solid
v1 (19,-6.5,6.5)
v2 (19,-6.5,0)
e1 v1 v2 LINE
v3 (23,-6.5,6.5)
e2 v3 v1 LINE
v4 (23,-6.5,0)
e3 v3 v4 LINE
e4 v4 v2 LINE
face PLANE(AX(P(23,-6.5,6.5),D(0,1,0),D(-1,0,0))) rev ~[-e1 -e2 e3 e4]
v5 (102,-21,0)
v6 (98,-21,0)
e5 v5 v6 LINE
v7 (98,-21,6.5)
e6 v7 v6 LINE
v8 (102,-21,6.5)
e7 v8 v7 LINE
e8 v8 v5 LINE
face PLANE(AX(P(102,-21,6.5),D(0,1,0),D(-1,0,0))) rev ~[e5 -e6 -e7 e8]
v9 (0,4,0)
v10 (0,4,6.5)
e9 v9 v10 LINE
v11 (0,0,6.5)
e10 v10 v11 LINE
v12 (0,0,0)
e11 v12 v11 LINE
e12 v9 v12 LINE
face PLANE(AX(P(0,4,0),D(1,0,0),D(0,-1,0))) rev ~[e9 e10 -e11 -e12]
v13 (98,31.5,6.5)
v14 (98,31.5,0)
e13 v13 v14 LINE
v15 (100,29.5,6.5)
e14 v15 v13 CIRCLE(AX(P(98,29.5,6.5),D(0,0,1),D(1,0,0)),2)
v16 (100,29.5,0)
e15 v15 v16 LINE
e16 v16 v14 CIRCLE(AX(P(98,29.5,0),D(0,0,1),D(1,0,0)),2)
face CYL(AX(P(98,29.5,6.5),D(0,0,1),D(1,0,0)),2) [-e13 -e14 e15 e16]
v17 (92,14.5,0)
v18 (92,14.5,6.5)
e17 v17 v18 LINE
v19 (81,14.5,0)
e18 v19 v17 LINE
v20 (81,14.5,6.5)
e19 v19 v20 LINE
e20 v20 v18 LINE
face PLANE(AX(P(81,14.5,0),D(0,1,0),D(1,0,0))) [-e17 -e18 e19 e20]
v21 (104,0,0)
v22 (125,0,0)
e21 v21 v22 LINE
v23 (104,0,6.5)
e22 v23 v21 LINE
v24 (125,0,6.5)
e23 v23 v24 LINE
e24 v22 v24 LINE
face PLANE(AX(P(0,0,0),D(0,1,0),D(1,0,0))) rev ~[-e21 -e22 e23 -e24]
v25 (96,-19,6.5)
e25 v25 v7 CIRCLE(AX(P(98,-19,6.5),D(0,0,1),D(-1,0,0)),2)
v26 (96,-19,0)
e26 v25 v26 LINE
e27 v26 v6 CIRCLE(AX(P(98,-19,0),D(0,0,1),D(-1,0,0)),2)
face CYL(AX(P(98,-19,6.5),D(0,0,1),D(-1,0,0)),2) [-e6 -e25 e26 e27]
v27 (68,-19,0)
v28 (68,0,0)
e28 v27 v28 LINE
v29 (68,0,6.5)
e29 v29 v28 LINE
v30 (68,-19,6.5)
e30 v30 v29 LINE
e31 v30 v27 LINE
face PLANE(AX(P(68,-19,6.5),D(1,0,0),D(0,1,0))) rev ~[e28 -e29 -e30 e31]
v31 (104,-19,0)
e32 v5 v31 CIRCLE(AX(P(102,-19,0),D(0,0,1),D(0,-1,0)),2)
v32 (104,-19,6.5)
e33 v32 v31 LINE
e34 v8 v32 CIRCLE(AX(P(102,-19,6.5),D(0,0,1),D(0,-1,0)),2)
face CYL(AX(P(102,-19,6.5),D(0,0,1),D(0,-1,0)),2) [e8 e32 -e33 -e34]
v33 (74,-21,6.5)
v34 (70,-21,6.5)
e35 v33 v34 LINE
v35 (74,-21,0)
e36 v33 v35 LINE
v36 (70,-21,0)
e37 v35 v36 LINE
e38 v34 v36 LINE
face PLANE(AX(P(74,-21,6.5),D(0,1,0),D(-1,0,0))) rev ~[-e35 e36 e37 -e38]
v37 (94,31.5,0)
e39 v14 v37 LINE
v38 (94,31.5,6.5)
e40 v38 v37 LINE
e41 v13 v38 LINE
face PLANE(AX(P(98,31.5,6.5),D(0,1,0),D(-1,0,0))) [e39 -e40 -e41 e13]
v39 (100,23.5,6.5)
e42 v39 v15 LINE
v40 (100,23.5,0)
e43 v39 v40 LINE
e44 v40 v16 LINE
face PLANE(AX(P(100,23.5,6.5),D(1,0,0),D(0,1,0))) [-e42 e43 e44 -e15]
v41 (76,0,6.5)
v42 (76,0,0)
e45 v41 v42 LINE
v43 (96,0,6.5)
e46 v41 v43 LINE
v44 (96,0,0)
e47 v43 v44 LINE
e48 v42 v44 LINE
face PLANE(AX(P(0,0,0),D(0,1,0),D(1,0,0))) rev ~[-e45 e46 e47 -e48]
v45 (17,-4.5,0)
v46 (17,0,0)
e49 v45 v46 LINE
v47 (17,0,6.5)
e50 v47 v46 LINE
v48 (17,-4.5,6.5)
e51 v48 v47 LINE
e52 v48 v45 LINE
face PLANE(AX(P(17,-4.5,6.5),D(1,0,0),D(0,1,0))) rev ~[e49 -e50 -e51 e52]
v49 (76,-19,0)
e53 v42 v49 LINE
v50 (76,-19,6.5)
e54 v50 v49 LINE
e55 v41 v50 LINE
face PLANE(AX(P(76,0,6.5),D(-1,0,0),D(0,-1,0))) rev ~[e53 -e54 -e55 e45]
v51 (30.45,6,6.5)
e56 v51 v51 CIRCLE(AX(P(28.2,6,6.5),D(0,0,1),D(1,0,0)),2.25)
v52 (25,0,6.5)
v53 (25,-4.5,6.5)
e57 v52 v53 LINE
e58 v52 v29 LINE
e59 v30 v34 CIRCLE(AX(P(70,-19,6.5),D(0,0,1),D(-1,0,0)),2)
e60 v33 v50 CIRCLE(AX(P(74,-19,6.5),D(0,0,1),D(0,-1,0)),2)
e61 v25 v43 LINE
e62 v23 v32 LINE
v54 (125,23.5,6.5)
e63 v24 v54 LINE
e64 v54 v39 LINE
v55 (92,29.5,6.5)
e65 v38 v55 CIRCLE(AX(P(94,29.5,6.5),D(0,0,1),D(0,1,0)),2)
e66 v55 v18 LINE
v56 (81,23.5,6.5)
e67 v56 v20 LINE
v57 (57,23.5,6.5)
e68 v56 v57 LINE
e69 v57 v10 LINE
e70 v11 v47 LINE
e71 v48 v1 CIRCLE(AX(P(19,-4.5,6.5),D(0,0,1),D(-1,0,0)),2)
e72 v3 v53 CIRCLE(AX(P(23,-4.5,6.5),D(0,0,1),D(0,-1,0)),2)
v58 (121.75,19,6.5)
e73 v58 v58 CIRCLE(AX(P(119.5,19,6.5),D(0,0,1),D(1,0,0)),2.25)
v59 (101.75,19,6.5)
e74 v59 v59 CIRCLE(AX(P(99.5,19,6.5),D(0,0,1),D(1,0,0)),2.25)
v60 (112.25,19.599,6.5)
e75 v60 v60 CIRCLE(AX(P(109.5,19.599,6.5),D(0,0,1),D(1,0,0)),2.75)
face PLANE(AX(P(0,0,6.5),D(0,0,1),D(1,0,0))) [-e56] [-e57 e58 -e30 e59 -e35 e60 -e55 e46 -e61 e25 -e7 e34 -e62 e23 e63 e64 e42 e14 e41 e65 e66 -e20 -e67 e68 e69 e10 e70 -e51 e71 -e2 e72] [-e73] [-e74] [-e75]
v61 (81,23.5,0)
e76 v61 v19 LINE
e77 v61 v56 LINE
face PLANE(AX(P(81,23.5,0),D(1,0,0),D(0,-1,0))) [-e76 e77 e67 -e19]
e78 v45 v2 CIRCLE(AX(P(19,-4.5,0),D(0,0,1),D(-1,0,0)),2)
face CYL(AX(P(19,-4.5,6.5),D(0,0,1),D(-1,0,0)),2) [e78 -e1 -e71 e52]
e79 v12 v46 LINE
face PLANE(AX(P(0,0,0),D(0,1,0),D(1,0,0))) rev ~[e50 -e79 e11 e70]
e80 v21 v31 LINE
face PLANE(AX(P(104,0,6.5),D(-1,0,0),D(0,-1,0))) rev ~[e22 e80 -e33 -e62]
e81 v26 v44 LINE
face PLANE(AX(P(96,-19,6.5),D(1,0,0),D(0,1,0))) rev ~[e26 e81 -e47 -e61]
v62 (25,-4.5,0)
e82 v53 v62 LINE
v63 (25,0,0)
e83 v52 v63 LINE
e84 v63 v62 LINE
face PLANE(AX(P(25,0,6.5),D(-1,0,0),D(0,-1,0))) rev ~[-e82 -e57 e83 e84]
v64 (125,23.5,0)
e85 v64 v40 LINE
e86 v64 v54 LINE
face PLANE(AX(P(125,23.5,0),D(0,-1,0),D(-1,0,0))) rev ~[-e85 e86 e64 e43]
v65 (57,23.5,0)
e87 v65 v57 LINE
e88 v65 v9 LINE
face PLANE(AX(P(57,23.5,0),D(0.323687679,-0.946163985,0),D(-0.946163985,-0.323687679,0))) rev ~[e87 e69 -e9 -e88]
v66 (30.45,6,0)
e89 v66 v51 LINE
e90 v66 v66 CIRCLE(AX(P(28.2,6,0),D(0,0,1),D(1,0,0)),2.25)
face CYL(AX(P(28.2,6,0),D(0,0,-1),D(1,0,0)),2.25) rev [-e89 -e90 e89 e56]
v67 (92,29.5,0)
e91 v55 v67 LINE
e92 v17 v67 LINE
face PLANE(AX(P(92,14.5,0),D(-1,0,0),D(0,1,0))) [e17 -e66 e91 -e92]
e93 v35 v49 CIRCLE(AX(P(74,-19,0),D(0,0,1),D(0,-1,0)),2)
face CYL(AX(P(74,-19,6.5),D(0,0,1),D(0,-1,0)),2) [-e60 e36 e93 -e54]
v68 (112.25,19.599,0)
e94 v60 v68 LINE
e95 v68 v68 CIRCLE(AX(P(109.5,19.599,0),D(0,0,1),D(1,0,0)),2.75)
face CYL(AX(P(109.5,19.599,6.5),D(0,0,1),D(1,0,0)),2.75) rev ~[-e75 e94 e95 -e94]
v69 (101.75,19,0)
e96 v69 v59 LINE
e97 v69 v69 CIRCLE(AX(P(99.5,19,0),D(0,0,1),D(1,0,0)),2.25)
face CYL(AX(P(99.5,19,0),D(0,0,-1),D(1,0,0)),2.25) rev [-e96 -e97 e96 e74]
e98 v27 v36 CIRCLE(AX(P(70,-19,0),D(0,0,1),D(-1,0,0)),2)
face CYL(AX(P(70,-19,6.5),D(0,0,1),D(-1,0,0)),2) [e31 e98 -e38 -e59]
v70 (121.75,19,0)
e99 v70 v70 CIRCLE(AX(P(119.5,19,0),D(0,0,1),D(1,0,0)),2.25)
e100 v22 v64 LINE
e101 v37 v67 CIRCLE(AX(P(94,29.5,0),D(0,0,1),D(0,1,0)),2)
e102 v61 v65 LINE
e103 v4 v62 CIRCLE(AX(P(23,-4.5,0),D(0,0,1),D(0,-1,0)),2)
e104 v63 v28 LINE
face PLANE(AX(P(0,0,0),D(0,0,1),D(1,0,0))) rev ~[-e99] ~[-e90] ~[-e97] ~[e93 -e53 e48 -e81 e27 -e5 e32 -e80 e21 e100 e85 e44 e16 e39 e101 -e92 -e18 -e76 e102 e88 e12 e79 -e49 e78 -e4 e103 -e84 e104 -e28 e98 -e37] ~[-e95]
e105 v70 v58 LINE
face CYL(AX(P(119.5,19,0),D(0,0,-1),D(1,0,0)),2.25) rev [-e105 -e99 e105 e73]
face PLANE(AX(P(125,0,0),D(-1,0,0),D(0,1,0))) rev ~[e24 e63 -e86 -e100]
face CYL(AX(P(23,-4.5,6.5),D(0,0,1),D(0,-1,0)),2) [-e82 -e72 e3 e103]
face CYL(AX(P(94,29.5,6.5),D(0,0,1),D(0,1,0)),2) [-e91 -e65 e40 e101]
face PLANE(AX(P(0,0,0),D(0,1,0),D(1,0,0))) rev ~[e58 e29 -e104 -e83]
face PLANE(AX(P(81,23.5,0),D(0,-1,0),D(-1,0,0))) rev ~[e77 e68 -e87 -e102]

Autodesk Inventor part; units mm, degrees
ref_plane "YZ Plane" through (0, 0, 0) normal (1, 0, 0) x (0, 1, 0)
ref_plane "XZ Plane" through (0, 0, 0) normal (0, 1, 0) x (-1, 0, 0)
ref_plane "XY Plane" through (0, 0, 0) normal (0, 0, 1) x (1, 0, 0)
sketch "Sketch1" plane through (0, 0, 0) normal (0, 0, 1) x (1, 0, 0)
  line L0 (0, 4) -> (0, 0)
  line L1 (0, 0) -> (125, 0)
  line L2 (125, 0) -> (125, 23.5)
  line L3 (57, 23.5) -> (0, 4)
  line L4 (81, 23.5) -> (81, 14.5)
  line L5 (81, 14.5) -> (92, 14.5)
  line L6 (92, 14.5) -> (92, 23.5)
  line L7 (125, 23.5) -> (92, 23.5)
  line L8 (81, 23.5) -> (57, 23.5)
  circle A0 centre (99.5, 19) radius 2.25
  circle A1 centre (119.5, 19) radius 2.25
  circle A2 centre (28.2, 6) radius 2.25
  circle A3 centre (28.2, 6) radius 4.5 construction
  point P0 (92, 19)
  dimension "d0" = 4
  dimension "d1" = 125
  dimension "d2" = 9
  dimension "d3" = 11
  dimension "d4" = 33
  dimension "d5" = 24
  dimension "d6" = 23.5
  dimension "d7" = 4.5
  dimension "d8" = 4.5
  dimension "d9" = 5.5
  dimension "d10" = 20
  dimension "d11" = 4.5
  dimension "d12" = 9
  dimension "d13" = 6
  dimension "d14" = 28.2
extrude "Extrusion1" add sketch "Sketch1" along normal blind 6.5
sketch "Sketch2" plane through (0, 0, 6.5) normal (0, 0, 1) x (1, 0, 0)
  line L0 (0, 0) -> (125, 0) projected
  line L1 (125, 23.5) -> (92, 23.5) projected
  line L2 (17, 0) -> (25, 0)
  line L3 (25, 0) -> (25, -4.5)
  line L4 (23, -6.5) -> (19, -6.5)
  line L5 (17, -4.5) -> (17, 0)
  line L6 (96, 0) -> (104, 0)
  line L7 (104, 0) -> (104, -19)
  line L8 (102, -21) -> (98, -21)
  line L9 (96, -19) -> (96, 0)
  line L10 (68, 0) -> (76, 0)
  line L11 (76, 0) -> (76, -19)
  line L12 (74, -21) -> (70, -21)
  line L13 (68, -19) -> (68, 0)
  line L14 (92, 23.5) -> (100, 23.5)
  line L15 (100, 23.5) -> (100, 29.5)
  line L16 (98, 31.5) -> (94, 31.5)
  line L17 (92, 29.5) -> (92, 23.5)
  arc A0 (17, -4.5) -> (19, -6.5) centre (19, -4.5) ccw
  arc A1 (23, -6.5) -> (25, -4.5) centre (23, -4.5) ccw
  arc A2 (96, -19) -> (98, -21) centre (98, -19) ccw
  arc A3 (102, -21) -> (104, -19) centre (102, -19) ccw
  arc A4 (68, -19) -> (70, -21) centre (70, -19) ccw
  arc A5 (74, -21) -> (76, -19) centre (74, -19) ccw
  arc A6 (94, 31.5) -> (92, 29.5) centre (94, 29.5) ccw
  arc A7 (100, 29.5) -> (98, 31.5) centre (98, 29.5) ccw
  line L18 (92, 23.5) -> (92, 14.5) projected
  dimension "d17" = 2
  dimension "d18" = 17
  dimension "d20" = 8
  dimension "d21" = 8
  dimension "d22" = 8
  dimension "d24" = 6.5
  dimension "d25" = 43
  dimension "d26" = 20
  dimension "d29" = 8
  dimension "d40" = 8
  dimension "d41" = 2
  dimension "d42" = 2
  dimension "d45" = 21
sketch "Sketch3" plane through (0, 0, 6.5) normal (0, 0, 1) x (1, 0, 0)
  circle A0 centre (119.5, 19) radius 2.25 projected
  circle A1 centre (109.5, 19.599) radius 2.75
  circle A2 centre (86.5, 19.599) radius 7.5 construction
  dimension "d35" = 5.5
  dimension "d36" = 15
  dimension "d37" = 10
extrude "Extrusion3" cut sketch "Sketch3" against normal blind 6.5 contours A1
extrude "Extrusion4" add sketch "Sketch2" against normal blind 6.5
properties part number "x_motor_upper_nut_stop" material "Plywood, Finish"
